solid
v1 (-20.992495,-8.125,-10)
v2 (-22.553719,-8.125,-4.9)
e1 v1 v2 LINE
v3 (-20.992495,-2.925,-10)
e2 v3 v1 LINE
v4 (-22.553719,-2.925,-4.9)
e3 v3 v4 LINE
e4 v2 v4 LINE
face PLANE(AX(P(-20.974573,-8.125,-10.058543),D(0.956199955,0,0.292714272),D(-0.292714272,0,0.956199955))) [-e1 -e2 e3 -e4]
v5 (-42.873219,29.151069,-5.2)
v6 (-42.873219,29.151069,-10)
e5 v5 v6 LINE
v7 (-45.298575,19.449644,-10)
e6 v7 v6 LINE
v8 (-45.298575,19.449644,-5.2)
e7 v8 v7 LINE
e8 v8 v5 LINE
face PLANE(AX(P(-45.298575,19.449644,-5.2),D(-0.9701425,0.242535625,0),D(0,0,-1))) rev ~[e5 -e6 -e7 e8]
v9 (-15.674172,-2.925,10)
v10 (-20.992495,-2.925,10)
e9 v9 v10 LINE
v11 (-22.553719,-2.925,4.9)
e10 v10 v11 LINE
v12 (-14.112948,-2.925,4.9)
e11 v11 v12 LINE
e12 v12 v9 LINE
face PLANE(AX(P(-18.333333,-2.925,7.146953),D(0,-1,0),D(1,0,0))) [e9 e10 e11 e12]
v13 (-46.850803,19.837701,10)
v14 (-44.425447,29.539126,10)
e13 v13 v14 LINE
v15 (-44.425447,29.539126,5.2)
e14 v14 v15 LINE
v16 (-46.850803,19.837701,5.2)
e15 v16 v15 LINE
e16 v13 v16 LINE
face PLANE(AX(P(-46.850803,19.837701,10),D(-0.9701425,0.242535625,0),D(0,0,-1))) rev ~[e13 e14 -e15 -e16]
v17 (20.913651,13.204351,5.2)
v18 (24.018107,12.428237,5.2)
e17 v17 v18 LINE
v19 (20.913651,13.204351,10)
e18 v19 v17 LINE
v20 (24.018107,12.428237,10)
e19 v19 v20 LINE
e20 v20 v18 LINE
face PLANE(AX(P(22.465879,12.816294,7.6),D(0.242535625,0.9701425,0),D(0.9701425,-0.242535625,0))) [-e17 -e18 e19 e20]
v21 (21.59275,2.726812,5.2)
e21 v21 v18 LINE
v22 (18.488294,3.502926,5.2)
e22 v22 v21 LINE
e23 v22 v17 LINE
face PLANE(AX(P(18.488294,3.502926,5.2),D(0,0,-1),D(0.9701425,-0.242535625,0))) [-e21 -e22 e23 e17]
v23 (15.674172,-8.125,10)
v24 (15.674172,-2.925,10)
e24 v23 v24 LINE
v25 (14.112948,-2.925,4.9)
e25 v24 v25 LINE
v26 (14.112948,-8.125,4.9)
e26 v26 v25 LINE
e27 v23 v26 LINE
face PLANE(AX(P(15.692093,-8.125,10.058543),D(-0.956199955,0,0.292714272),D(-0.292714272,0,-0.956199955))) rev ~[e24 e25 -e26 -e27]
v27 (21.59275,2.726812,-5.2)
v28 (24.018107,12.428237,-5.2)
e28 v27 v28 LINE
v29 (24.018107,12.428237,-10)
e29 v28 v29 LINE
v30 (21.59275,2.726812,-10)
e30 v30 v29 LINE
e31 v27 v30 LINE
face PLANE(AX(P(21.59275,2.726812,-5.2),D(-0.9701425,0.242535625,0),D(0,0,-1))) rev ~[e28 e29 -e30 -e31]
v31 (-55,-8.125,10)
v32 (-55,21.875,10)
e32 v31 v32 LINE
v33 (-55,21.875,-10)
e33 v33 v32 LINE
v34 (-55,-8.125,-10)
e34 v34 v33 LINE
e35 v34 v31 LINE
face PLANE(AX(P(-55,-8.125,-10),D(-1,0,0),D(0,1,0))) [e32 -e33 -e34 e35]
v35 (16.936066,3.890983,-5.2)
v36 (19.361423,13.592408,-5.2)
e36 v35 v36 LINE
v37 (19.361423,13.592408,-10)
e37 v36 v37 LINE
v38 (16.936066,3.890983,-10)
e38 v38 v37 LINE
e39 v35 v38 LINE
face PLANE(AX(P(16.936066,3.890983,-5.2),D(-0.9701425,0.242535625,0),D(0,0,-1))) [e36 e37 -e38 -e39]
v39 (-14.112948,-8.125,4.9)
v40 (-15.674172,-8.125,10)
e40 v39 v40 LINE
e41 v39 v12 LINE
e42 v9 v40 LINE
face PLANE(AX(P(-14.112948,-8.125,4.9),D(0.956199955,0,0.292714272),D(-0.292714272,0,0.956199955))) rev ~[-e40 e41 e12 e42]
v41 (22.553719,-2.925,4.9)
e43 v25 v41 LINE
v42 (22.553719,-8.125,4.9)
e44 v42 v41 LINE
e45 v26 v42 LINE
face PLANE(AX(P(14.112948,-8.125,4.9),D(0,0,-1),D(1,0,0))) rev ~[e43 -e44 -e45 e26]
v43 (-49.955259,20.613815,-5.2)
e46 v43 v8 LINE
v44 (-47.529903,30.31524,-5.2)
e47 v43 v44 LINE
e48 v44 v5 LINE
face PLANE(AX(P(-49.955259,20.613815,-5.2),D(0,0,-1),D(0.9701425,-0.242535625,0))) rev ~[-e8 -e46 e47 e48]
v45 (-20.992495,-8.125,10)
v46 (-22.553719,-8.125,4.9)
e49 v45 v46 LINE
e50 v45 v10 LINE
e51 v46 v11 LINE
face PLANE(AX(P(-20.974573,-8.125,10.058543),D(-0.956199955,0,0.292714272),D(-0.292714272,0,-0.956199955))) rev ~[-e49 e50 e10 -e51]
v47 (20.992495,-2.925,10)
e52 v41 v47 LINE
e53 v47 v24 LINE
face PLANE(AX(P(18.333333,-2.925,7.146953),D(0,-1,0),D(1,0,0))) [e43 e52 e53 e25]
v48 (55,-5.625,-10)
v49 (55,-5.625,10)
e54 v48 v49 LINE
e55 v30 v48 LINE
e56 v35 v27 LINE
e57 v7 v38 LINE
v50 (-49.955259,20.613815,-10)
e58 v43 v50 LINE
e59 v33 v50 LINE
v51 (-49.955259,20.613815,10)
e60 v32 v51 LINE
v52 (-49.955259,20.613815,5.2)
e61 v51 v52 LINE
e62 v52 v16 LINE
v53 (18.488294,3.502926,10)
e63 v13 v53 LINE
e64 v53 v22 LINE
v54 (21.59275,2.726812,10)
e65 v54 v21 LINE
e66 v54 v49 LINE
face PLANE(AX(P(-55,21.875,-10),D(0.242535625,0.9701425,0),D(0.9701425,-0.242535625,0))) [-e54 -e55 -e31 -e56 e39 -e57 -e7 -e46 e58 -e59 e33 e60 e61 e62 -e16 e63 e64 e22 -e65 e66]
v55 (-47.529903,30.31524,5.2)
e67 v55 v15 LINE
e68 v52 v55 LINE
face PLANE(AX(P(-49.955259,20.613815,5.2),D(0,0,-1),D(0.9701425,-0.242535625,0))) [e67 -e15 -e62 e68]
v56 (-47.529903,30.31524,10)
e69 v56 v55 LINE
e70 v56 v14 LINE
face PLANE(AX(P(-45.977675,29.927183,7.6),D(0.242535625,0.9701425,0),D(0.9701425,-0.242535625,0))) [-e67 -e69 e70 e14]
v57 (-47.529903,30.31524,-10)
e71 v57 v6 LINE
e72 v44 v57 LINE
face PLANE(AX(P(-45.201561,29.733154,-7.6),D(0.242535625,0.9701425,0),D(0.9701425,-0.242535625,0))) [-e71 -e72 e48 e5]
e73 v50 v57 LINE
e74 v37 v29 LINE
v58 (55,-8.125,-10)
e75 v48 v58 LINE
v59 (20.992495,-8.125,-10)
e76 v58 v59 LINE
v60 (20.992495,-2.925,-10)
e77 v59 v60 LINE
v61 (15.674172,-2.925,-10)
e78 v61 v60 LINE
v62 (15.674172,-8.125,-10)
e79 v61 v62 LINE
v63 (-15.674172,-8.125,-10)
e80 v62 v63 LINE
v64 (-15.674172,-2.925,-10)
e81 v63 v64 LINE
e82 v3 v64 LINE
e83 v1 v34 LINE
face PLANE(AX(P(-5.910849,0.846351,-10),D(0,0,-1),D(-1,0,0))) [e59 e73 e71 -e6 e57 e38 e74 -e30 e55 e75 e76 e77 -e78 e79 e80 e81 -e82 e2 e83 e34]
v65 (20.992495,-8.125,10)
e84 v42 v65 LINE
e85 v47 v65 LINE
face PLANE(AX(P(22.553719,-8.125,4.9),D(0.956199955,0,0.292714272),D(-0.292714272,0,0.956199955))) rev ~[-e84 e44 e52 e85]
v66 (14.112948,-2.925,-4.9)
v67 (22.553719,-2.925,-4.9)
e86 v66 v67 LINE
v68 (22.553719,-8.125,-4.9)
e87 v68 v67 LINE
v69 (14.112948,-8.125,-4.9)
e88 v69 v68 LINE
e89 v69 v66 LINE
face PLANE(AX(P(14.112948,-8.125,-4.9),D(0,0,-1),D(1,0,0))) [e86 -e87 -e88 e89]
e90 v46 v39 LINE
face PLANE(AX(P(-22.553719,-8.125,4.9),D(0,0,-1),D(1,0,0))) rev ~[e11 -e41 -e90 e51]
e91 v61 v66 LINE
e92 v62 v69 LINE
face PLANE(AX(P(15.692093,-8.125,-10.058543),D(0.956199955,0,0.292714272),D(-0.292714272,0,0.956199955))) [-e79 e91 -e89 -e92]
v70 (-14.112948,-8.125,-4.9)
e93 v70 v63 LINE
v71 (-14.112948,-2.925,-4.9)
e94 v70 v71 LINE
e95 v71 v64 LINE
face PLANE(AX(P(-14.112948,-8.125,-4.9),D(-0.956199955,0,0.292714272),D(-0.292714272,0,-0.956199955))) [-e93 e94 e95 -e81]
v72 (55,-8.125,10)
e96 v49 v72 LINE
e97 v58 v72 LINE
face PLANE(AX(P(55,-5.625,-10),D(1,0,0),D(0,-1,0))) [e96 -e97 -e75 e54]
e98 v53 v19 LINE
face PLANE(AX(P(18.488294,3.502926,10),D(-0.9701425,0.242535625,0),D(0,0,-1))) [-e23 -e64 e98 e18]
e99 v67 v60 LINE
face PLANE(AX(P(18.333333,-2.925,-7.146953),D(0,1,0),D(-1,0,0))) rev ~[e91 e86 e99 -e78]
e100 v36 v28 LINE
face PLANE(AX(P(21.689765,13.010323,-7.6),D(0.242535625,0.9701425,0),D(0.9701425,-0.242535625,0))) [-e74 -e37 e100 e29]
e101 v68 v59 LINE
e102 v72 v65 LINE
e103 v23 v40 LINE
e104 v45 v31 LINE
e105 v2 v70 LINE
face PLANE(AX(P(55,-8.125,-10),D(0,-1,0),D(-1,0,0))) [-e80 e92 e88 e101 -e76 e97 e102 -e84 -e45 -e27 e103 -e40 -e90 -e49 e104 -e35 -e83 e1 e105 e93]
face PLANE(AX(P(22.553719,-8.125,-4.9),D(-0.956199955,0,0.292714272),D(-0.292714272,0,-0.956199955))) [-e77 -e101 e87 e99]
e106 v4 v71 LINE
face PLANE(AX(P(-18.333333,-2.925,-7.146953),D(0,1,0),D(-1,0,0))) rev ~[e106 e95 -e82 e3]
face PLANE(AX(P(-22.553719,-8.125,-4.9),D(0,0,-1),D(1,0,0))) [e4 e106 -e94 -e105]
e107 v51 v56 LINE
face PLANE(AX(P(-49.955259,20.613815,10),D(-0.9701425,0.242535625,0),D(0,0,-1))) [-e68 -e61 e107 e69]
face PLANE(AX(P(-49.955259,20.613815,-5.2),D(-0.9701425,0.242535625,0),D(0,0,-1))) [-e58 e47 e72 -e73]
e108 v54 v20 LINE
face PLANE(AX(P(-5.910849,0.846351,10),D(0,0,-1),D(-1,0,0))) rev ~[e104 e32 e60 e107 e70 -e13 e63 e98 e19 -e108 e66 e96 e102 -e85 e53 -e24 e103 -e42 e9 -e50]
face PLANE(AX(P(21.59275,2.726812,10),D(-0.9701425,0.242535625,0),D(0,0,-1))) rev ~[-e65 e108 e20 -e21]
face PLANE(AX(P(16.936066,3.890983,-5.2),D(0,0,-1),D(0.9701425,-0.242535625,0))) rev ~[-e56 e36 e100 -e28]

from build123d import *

# Parameters (mm, degrees)
BOSS_EXTRUDE1_DEPTH      = 10
BOSS_EXTRUDE1_DEPTH_BACK = 10
SKETCH2_W                = 4.8
SKETCH2_H                = 4.8
SKETCH2_W_2              = 3.2
BOSS_EXTRUDE2_DEPTH      = 10
CUT_EXTRUDE1_DEPTH       = 5.2


with BuildPart() as part:
    # Sketch1 → Boss-Extrude1 (new, two sides: drawn at the far end of the back side and taken through both)
    with BuildSketch(Plane.XY.offset(-BOSS_EXTRUDE1_DEPTH_BACK)):
        Polygon((-55, 21.875), (55, -5.625), (55, -8.125), (-55, -8.125), align=None)
    extrude(amount=BOSS_EXTRUDE1_DEPTH + BOSS_EXTRUDE1_DEPTH_BACK)

    # Sketch2 → Boss-Extrude2 (add)
    with BuildSketch(Plane(origin=(1.911764706, 7.647058824, 0), x_dir=(0.970142500145332, -0.24253562503633289, 0), z_dir=(0.24253562503633289, 0.970142500145332, 0))):
        with Locations((-51.063304306, 7.6)):
            Rectangle(SKETCH2_W, SKETCH2_H)
        with Locations((-51.863304306, -7.6)):
            Rectangle(SKETCH2_W_2, SKETCH2_H)
        with Locations((18.686695694, -7.6)):
            Rectangle(SKETCH2_W_2, SKETCH2_H)
        with Locations((17.886695694, 7.6)):
            Rectangle(SKETCH2_W, SKETCH2_H)
    extrude(amount=BOSS_EXTRUDE2_DEPTH)

    # Sketch3 → Cut-Extrude1 (cut)
    with BuildSketch(Plane.XZ.offset(8.125)):
        Polygon((15.692093342, -10.058542854), (14.11294757, -4.9), (22.553719096, -4.9), (20.974573324, -10.058542854), align=None)
        Polygon((-20.974573324, -10.058542854), (-22.553719096, -4.9), (-14.11294757, -4.9), (-15.692093342, -10.058542854), align=None)
        Polygon((-20.974573324, 10.058542854), (-22.553719096, 4.9), (-14.11294757, 4.9), (-15.692093342, 10.058542854), align=None)
        Polygon((15.692093342, 10.058542854), (14.11294757, 4.9), (22.553719096, 4.9), (20.974573324, 10.058542854), align=None)
    extrude(amount=-CUT_EXTRUDE1_DEPTH, mode=Mode.SUBTRACT)


solid = part.part
